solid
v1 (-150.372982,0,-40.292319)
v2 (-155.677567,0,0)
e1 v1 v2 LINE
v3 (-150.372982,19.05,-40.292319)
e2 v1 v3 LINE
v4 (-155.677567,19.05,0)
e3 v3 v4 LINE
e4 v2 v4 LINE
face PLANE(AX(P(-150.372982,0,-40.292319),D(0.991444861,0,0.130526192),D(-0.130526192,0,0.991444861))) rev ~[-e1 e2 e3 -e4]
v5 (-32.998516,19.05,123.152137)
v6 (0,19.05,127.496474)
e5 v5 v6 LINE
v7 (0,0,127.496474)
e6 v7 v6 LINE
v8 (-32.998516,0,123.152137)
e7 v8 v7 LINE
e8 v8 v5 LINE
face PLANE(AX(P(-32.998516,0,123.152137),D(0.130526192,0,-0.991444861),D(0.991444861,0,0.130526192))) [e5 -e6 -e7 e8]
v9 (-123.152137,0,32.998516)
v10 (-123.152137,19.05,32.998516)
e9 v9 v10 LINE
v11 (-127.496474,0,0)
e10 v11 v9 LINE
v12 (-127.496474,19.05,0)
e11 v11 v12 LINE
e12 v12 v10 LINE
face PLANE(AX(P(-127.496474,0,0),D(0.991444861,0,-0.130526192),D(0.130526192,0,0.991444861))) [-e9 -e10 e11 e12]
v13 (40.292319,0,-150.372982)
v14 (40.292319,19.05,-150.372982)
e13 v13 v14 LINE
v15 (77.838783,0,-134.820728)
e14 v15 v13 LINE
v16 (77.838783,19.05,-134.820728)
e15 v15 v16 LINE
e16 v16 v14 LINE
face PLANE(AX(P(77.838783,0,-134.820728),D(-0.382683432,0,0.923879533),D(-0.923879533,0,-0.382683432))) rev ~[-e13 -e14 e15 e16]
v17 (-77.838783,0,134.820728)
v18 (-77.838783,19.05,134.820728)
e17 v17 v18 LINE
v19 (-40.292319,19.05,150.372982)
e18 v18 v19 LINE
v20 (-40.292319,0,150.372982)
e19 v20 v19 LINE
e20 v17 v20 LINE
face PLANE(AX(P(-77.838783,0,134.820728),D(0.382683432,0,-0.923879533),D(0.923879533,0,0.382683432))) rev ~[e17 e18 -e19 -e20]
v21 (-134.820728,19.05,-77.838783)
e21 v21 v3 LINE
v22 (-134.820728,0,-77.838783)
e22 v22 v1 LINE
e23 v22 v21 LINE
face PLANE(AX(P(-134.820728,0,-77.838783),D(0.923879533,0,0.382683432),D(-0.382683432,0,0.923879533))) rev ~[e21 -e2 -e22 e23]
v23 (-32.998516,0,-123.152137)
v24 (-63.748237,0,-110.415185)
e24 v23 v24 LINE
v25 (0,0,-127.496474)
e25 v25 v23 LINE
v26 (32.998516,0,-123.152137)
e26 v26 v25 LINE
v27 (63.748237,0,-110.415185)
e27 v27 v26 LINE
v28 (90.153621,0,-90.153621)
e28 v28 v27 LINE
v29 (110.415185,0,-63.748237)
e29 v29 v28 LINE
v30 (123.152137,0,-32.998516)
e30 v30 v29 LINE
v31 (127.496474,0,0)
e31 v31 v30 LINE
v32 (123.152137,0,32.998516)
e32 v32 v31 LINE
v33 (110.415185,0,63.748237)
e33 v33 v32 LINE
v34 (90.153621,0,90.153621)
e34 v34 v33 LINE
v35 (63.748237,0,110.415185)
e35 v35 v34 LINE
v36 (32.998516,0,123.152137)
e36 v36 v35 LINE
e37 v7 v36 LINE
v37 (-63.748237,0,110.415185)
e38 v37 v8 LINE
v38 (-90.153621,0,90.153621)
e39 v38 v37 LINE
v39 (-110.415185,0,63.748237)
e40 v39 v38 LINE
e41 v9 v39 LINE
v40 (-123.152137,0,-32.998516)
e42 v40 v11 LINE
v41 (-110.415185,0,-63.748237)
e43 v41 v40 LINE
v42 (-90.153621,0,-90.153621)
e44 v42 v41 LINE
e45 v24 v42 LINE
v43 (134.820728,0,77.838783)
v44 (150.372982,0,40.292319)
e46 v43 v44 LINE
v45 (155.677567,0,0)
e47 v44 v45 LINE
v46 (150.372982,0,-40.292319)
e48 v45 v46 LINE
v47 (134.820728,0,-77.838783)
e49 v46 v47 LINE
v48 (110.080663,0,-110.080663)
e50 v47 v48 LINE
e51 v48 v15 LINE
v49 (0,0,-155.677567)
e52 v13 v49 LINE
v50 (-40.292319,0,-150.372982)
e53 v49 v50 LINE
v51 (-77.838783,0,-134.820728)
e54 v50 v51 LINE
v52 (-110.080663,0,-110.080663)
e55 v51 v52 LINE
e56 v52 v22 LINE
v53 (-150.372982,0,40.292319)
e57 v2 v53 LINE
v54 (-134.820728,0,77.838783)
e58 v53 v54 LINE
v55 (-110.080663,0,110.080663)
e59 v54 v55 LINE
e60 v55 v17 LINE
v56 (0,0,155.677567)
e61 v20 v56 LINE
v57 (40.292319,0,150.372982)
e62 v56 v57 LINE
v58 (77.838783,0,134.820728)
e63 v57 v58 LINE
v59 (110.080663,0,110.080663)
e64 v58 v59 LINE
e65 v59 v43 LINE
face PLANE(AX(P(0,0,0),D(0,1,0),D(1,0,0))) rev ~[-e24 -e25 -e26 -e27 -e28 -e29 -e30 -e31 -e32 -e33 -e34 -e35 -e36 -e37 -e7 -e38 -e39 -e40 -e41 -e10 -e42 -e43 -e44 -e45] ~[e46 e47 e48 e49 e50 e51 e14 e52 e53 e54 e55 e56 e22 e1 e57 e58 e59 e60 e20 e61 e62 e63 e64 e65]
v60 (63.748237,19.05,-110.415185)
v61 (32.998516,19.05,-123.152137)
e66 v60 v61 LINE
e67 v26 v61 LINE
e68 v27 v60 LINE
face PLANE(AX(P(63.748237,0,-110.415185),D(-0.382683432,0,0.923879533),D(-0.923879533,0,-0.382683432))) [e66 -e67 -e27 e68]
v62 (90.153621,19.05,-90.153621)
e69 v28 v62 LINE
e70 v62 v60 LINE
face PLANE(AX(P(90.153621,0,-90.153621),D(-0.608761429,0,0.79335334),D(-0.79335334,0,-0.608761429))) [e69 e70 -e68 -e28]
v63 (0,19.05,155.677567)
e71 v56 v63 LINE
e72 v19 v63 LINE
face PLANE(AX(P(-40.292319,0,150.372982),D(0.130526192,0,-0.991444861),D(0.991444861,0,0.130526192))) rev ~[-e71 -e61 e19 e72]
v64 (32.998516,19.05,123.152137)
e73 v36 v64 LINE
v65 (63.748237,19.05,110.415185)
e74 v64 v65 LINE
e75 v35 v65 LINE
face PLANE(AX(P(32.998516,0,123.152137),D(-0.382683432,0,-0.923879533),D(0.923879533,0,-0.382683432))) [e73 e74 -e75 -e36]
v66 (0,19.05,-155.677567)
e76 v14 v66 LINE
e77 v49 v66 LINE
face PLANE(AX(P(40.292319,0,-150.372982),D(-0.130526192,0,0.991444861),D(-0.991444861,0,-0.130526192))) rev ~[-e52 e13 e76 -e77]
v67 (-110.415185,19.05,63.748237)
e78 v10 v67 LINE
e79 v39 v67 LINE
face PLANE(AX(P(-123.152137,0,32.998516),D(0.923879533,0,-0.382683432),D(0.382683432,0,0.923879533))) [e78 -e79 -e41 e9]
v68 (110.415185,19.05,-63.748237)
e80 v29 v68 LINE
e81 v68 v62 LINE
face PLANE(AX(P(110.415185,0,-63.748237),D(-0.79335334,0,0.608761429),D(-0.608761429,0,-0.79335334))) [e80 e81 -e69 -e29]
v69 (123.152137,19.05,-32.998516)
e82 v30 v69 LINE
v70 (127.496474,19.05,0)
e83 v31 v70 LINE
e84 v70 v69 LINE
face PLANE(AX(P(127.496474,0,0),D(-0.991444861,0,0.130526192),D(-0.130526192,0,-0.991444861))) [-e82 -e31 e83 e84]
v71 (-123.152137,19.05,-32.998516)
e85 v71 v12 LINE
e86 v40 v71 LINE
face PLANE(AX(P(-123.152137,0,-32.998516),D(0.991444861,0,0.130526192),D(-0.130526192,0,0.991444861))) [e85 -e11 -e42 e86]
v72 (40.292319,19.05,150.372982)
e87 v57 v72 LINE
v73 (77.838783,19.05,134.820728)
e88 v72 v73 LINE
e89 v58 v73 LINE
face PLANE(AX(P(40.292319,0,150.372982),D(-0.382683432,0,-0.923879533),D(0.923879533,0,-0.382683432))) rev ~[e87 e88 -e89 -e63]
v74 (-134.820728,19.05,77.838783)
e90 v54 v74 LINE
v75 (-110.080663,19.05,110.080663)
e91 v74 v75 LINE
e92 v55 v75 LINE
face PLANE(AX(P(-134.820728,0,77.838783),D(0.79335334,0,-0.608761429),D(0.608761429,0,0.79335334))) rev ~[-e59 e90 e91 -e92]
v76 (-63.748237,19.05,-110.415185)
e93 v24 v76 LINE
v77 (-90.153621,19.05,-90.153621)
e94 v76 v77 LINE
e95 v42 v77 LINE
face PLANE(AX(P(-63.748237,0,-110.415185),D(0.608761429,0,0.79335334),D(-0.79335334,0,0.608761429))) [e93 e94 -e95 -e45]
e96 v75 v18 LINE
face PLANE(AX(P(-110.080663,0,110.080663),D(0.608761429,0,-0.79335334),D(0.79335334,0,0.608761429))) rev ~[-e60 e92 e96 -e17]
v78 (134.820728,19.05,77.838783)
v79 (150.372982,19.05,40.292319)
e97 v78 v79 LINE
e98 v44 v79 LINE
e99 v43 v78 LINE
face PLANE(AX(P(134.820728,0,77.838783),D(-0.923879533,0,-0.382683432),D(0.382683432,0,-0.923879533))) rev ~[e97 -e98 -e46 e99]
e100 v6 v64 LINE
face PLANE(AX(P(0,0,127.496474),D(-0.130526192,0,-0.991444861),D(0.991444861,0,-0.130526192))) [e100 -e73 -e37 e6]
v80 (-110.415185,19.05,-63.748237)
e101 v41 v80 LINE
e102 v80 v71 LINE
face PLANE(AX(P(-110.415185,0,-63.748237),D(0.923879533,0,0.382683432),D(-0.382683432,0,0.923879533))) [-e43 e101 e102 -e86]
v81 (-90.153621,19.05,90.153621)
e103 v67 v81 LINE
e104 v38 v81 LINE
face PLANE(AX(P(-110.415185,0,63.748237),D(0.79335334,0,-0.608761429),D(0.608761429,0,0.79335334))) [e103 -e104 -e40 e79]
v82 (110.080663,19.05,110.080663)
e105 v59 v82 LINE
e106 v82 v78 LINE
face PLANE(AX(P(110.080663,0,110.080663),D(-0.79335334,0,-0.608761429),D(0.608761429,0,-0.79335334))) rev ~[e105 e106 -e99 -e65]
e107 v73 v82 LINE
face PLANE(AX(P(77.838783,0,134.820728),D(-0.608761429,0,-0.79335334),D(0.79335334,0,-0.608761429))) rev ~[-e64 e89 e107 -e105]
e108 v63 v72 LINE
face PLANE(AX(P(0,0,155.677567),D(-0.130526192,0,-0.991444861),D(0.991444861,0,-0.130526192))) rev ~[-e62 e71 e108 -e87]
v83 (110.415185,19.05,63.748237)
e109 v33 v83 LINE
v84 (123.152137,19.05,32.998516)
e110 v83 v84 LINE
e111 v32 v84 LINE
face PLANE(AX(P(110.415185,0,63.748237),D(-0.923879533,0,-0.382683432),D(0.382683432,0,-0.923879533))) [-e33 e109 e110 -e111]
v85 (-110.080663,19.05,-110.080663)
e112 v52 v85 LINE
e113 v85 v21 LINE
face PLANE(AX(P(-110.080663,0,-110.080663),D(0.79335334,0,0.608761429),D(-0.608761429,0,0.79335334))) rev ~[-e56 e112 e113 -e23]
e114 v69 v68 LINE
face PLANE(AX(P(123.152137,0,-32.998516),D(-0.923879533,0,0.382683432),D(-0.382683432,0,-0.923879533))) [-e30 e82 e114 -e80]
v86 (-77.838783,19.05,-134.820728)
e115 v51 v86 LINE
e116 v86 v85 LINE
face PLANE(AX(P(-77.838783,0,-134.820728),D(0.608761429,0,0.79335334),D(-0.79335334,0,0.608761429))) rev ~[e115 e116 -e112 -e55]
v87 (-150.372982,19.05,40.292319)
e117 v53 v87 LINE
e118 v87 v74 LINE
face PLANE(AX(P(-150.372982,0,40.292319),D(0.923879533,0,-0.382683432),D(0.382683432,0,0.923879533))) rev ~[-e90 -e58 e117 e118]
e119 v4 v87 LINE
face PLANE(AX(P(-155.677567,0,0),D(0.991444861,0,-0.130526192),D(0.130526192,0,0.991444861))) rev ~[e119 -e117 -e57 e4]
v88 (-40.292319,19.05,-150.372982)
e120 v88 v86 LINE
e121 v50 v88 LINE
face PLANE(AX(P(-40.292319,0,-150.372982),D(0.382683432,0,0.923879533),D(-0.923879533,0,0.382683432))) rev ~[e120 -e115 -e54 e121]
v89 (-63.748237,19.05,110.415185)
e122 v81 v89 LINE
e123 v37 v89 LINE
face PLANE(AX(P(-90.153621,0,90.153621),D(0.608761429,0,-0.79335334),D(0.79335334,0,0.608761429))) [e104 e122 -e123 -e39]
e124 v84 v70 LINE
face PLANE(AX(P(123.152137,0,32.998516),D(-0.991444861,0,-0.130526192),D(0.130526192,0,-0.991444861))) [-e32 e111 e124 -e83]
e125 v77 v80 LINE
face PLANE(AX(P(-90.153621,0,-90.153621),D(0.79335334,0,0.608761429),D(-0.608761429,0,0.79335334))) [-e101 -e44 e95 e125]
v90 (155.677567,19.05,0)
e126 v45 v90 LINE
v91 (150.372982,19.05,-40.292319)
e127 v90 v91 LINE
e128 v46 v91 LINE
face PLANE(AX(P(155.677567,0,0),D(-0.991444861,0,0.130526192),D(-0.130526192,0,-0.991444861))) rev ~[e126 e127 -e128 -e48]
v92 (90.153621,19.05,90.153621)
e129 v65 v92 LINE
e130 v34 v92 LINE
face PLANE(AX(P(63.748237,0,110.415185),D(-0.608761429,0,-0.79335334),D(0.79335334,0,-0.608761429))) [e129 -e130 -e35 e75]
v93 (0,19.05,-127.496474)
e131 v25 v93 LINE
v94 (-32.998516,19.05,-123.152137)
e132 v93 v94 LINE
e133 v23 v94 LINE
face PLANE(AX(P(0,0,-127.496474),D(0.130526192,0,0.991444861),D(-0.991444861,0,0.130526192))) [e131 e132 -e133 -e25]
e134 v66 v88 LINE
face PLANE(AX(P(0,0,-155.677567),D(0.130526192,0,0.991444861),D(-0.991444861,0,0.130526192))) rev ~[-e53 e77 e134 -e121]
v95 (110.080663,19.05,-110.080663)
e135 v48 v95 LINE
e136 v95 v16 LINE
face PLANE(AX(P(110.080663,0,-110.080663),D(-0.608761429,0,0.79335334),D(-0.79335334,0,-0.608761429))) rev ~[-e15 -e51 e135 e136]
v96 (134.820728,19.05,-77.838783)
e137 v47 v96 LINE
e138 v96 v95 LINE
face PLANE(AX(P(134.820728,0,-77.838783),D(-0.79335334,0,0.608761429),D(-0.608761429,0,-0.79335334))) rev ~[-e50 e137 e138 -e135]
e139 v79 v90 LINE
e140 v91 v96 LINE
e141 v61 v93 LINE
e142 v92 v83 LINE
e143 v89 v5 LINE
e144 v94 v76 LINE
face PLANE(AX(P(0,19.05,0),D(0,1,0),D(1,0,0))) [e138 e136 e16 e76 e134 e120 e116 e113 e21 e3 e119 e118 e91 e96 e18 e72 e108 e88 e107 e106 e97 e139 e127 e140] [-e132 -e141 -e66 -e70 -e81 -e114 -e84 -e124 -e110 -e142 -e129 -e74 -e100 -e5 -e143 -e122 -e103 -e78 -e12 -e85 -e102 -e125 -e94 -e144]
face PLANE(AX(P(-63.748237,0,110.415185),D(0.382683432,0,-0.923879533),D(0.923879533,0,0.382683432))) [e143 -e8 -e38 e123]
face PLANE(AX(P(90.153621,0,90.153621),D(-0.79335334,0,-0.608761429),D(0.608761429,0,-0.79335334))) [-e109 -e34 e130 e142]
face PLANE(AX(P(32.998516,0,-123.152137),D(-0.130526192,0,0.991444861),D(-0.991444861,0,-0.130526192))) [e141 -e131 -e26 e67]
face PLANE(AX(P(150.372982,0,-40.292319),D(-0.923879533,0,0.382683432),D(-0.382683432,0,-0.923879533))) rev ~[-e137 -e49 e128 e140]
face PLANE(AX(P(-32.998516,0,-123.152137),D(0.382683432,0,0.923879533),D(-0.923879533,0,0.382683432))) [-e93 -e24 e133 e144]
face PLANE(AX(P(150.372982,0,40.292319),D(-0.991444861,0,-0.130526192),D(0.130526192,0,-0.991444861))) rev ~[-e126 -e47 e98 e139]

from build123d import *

# Parameters (mm, degrees)
BOSS_EXTRUDE3_DEPTH = 19.05


with BuildPart() as part:
    # Sketch3 → Boss-Extrude3 (new body)
    with BuildSketch(Plane(origin=(0, 0, 0), x_dir=(1, 0, 0), z_dir=(0, 1, 0))):
        Polygon((-155.677566735, 0), (-150.372982283, -40.292319166), (-134.820727592, -77.838783367), (-110.080663117, -110.080663117), (-77.838783367, -134.820727592), (-40.292319166, -150.372982283), (0, -155.677566735), (40.292319166, -150.372982283), (77.838783367, -134.820727592), (110.080663117, -110.080663117), (134.820727592, -77.838783367), (150.372982283, -40.292319166), (155.677566735, 0), (150.372982283, 40.292319166), (134.820727592, 77.838783367), (110.080663117, 110.080663117), (77.838783367, 134.820727592), (40.292319166, 150.372982283), (0, 155.677566735), (-40.292319166, 150.372982283), (-77.838783367, 134.820727592), (-110.080663117, 110.080663117), (-134.820727592, 77.838783367), (-150.372982283, 40.292319166), align=None)
        Polygon((-127.496473576, 0), (-123.152136588, -32.998515545), (-110.41518501, -63.748236788), (-90.153621043, -90.153621043), (-63.748236788, -110.41518501), (-32.998515545, -123.152136588), (0, -127.496473576), (32.998515545, -123.152136588), (63.748236788, -110.41518501), (90.153621043, -90.153621043), (110.41518501, -63.748236788), (123.152136588, -32.998515545), (127.496473576, 0), (123.152136588, 32.998515545), (110.41518501, 63.748236788), (90.153621043, 90.153621043), (63.748236788, 110.41518501), (32.998515545, 123.152136588), (0, 127.496473576), (-32.998515545, 123.152136588), (-63.748236788, 110.41518501), (-90.153621043, 90.153621043), (-110.41518501, 63.748236788), (-123.152136588, 32.998515545), align=None, mode=Mode.SUBTRACT)
    extrude(amount=BOSS_EXTRUDE3_DEPTH)


solid = part.part
